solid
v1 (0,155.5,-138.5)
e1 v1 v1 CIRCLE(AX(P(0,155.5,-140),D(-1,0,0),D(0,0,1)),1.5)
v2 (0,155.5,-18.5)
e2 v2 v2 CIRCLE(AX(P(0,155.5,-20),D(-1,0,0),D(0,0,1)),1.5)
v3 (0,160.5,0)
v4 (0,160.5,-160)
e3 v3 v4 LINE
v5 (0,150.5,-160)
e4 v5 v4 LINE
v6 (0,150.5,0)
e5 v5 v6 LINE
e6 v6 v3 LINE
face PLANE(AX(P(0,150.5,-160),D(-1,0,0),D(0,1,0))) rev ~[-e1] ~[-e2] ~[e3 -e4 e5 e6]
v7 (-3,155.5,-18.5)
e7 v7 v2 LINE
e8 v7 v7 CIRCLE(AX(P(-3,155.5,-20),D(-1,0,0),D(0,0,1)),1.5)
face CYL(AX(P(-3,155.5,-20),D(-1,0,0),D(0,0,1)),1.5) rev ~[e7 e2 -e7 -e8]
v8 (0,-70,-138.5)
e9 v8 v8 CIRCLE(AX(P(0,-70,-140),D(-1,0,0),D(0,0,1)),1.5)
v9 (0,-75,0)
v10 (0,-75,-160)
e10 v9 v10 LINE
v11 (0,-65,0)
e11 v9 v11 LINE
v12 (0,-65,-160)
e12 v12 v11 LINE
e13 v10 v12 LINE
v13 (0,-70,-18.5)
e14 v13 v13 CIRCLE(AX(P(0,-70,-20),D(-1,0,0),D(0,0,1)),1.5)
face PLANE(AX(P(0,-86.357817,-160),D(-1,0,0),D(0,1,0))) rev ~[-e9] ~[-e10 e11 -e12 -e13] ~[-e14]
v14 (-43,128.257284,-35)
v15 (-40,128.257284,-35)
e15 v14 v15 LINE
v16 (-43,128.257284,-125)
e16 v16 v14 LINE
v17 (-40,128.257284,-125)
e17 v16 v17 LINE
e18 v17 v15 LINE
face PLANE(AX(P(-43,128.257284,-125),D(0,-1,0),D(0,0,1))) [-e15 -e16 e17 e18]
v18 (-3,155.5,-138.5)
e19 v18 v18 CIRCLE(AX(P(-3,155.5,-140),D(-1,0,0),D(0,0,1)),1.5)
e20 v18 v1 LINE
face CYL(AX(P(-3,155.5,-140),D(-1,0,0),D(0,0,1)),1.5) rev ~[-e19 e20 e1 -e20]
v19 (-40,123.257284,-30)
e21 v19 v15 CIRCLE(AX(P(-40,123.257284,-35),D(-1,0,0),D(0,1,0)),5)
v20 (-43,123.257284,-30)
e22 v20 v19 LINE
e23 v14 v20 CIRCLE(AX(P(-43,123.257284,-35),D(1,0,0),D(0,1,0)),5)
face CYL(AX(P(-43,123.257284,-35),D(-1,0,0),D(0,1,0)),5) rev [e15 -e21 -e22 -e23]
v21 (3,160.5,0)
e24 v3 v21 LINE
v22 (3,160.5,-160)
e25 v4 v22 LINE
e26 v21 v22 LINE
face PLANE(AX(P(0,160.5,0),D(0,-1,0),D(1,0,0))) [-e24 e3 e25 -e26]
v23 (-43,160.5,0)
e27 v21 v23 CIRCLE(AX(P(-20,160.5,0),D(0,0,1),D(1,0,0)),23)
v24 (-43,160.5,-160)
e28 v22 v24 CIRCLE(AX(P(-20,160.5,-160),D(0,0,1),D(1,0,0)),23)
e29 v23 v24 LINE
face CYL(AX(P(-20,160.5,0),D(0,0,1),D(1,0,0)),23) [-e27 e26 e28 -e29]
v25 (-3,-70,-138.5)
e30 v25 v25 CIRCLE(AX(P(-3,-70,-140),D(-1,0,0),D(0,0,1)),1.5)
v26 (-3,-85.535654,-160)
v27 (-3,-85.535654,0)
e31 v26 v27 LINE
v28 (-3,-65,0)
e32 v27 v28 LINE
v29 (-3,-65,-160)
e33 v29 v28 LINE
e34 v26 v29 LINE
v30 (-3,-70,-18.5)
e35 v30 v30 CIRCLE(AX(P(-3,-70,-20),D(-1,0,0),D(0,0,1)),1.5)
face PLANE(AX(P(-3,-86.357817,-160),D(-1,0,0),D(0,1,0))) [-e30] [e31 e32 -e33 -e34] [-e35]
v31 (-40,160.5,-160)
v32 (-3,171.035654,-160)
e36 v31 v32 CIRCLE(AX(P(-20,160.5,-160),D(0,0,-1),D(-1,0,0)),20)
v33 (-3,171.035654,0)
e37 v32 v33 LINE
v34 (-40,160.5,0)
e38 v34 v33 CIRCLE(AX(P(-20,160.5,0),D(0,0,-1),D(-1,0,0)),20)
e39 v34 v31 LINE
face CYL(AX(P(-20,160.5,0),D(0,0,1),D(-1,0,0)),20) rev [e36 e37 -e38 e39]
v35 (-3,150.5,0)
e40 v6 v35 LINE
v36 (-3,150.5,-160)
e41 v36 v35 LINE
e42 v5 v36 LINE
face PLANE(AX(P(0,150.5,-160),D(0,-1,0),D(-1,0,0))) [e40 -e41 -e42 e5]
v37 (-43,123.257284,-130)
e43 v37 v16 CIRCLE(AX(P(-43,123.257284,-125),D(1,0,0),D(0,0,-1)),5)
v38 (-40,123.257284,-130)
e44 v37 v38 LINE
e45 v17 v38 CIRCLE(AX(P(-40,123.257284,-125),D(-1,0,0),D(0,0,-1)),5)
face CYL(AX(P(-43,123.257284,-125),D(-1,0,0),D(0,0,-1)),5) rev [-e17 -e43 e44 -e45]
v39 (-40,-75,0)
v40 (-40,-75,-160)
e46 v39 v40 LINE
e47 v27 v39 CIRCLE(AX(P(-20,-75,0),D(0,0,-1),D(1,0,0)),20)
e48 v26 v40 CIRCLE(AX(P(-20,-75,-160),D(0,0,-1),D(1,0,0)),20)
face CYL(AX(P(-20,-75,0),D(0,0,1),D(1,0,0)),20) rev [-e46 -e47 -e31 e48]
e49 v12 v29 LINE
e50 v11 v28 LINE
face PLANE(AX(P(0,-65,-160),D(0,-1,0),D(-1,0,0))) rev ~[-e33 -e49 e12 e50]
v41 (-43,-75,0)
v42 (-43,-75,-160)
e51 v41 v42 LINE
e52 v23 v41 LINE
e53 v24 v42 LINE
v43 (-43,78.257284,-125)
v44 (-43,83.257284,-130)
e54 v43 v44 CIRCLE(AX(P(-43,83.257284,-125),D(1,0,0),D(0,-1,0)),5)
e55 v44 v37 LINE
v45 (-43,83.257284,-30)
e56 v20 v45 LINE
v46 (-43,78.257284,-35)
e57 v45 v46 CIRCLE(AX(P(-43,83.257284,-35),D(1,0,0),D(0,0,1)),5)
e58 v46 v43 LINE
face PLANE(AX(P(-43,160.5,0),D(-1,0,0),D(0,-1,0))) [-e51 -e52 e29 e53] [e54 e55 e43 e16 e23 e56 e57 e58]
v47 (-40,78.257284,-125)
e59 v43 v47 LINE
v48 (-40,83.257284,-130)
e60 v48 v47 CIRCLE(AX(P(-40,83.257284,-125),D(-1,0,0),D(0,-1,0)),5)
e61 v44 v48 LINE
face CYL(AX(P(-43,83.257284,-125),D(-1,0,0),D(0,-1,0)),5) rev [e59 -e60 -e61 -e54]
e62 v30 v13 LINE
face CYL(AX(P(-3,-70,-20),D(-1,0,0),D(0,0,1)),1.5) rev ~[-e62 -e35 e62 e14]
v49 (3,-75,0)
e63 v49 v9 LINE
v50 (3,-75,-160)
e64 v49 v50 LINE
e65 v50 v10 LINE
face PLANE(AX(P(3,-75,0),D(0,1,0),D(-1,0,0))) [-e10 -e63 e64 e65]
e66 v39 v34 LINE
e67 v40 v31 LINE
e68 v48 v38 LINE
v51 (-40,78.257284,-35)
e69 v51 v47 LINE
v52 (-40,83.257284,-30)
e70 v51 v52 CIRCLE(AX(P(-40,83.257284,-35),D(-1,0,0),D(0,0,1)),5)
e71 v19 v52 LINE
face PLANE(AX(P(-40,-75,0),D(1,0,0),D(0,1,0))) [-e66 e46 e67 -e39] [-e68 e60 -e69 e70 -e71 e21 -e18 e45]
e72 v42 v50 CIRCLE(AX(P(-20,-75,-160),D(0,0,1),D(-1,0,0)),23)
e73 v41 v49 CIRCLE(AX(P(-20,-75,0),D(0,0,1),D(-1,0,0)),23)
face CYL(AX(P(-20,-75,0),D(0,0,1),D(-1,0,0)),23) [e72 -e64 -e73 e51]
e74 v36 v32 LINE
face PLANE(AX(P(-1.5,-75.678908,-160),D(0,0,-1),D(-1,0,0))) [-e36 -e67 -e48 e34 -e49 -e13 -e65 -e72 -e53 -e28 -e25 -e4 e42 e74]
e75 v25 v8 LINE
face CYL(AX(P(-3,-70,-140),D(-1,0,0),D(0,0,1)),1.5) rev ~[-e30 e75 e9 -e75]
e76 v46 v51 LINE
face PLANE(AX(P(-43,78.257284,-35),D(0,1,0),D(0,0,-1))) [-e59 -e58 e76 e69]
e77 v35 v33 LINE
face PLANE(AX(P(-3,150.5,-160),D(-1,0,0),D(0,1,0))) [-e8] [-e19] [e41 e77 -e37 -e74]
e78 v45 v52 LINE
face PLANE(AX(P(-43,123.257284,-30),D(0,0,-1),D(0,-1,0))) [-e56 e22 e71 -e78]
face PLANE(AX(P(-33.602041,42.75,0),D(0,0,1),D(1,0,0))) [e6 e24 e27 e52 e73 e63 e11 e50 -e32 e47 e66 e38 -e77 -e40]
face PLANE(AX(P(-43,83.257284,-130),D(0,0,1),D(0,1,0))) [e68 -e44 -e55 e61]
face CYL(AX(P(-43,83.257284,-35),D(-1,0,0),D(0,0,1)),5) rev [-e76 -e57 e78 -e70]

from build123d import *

# Parameters (mm, degrees)
BOSS_EXTRUDE1_DEPTH = 160
SKETCH5_W           = 3
SKETCH5_H           = 21.357816692
BOSS_EXTRUDE4_DEPTH = 160
SKETCH7_R           = 1.5
CUT_EXTRUDE2_DEPTH  = 7
CUT_EXTRUDE3_REACH  = 48


with BuildPart() as part:
    # Sketch1 → Boss-Extrude1 (new body)
    with BuildSketch(Plane.XY):
        with BuildLine():
            Line((-40, -75), (-40, 160.5))
            ThreePointArc((-40, 160.5), (-20, 180.5), (0, 160.5))
            Line((0, 160.5), (3, 160.5))
            ThreePointArc((3, 160.5), (-20, 183.5), (-43, 160.5))
            Line((-43, 160.5), (-43, -75))
            ThreePointArc((-43, -75), (-20, -98), (3, -75))
            Line((3, -75), (0, -75))
            ThreePointArc((0, -75), (-20, -95), (-40, -75))
        make_face()
    extrude(amount=-BOSS_EXTRUDE1_DEPTH)

    # Sketch5 → Boss-Extrude4 (add)
    with BuildSketch(Plane(origin=(0, 0, -160), x_dir=(-1, 0, 0), z_dir=(0, 0, -1))):
        with Locations((1.5, -75.678908346)):
            Rectangle(SKETCH5_W, SKETCH5_H)
        with Locations((1.5, 161.178908346)):
            Rectangle(SKETCH5_W, SKETCH5_H)
    extrude(amount=-BOSS_EXTRUDE4_DEPTH)

    # Sketch7 → Cut-Extrude2 (cut, through all)
    with BuildSketch(Plane.ZY.offset(3)):
        with Locations((-140, -70)):
            Circle(SKETCH7_R)
        with Locations((-20, -70)):
            Circle(SKETCH7_R)
        with Locations((-20, 155.5)):
            Circle(SKETCH7_R)
        with Locations((-140, 155.5)):
            Circle(SKETCH7_R)
    extrude(amount=-CUT_EXTRUDE2_DEPTH, mode=Mode.SUBTRACT)

    # Sketch8 → Cut-Extrude3 (cut, up to next)
    with BuildSketch(Plane.ZY.offset(43), mode=Mode.PRIVATE) as cut_extrude3_sk1:
        with BuildLine():
            Line((-125, 128.257283518), (-35, 128.257283518))
            ThreePointArc((-35, 128.257283518), (-31.464466094, 126.792817424), (-30, 123.257283518))
            Line((-30, 123.257283518), (-30, 83.257283518))
            ThreePointArc((-30, 83.257283518), (-31.464466094, 79.721749612), (-35, 78.257283518))
            Line((-35, 78.257283518), (-125, 78.257283518))
            ThreePointArc((-125, 78.257283518), (-128.535533906, 79.721749612), (-130, 83.257283518))
            Line((-130, 83.257283518), (-130, 123.257283518))
            ThreePointArc((-130, 123.257283518), (-128.535533906, 126.792817424), (-125, 128.257283518))
        make_face()
    cut_extrude3_tool1 = extrude(cut_extrude3_sk1.sketch, amount=-CUT_EXTRUDE3_REACH, mode=Mode.PRIVATE) & part.part
    add(cut_extrude3_tool1.solids().sort_by_distance((-43, 103.257284, -80))[0], mode=Mode.SUBTRACT)


solid = part.part
